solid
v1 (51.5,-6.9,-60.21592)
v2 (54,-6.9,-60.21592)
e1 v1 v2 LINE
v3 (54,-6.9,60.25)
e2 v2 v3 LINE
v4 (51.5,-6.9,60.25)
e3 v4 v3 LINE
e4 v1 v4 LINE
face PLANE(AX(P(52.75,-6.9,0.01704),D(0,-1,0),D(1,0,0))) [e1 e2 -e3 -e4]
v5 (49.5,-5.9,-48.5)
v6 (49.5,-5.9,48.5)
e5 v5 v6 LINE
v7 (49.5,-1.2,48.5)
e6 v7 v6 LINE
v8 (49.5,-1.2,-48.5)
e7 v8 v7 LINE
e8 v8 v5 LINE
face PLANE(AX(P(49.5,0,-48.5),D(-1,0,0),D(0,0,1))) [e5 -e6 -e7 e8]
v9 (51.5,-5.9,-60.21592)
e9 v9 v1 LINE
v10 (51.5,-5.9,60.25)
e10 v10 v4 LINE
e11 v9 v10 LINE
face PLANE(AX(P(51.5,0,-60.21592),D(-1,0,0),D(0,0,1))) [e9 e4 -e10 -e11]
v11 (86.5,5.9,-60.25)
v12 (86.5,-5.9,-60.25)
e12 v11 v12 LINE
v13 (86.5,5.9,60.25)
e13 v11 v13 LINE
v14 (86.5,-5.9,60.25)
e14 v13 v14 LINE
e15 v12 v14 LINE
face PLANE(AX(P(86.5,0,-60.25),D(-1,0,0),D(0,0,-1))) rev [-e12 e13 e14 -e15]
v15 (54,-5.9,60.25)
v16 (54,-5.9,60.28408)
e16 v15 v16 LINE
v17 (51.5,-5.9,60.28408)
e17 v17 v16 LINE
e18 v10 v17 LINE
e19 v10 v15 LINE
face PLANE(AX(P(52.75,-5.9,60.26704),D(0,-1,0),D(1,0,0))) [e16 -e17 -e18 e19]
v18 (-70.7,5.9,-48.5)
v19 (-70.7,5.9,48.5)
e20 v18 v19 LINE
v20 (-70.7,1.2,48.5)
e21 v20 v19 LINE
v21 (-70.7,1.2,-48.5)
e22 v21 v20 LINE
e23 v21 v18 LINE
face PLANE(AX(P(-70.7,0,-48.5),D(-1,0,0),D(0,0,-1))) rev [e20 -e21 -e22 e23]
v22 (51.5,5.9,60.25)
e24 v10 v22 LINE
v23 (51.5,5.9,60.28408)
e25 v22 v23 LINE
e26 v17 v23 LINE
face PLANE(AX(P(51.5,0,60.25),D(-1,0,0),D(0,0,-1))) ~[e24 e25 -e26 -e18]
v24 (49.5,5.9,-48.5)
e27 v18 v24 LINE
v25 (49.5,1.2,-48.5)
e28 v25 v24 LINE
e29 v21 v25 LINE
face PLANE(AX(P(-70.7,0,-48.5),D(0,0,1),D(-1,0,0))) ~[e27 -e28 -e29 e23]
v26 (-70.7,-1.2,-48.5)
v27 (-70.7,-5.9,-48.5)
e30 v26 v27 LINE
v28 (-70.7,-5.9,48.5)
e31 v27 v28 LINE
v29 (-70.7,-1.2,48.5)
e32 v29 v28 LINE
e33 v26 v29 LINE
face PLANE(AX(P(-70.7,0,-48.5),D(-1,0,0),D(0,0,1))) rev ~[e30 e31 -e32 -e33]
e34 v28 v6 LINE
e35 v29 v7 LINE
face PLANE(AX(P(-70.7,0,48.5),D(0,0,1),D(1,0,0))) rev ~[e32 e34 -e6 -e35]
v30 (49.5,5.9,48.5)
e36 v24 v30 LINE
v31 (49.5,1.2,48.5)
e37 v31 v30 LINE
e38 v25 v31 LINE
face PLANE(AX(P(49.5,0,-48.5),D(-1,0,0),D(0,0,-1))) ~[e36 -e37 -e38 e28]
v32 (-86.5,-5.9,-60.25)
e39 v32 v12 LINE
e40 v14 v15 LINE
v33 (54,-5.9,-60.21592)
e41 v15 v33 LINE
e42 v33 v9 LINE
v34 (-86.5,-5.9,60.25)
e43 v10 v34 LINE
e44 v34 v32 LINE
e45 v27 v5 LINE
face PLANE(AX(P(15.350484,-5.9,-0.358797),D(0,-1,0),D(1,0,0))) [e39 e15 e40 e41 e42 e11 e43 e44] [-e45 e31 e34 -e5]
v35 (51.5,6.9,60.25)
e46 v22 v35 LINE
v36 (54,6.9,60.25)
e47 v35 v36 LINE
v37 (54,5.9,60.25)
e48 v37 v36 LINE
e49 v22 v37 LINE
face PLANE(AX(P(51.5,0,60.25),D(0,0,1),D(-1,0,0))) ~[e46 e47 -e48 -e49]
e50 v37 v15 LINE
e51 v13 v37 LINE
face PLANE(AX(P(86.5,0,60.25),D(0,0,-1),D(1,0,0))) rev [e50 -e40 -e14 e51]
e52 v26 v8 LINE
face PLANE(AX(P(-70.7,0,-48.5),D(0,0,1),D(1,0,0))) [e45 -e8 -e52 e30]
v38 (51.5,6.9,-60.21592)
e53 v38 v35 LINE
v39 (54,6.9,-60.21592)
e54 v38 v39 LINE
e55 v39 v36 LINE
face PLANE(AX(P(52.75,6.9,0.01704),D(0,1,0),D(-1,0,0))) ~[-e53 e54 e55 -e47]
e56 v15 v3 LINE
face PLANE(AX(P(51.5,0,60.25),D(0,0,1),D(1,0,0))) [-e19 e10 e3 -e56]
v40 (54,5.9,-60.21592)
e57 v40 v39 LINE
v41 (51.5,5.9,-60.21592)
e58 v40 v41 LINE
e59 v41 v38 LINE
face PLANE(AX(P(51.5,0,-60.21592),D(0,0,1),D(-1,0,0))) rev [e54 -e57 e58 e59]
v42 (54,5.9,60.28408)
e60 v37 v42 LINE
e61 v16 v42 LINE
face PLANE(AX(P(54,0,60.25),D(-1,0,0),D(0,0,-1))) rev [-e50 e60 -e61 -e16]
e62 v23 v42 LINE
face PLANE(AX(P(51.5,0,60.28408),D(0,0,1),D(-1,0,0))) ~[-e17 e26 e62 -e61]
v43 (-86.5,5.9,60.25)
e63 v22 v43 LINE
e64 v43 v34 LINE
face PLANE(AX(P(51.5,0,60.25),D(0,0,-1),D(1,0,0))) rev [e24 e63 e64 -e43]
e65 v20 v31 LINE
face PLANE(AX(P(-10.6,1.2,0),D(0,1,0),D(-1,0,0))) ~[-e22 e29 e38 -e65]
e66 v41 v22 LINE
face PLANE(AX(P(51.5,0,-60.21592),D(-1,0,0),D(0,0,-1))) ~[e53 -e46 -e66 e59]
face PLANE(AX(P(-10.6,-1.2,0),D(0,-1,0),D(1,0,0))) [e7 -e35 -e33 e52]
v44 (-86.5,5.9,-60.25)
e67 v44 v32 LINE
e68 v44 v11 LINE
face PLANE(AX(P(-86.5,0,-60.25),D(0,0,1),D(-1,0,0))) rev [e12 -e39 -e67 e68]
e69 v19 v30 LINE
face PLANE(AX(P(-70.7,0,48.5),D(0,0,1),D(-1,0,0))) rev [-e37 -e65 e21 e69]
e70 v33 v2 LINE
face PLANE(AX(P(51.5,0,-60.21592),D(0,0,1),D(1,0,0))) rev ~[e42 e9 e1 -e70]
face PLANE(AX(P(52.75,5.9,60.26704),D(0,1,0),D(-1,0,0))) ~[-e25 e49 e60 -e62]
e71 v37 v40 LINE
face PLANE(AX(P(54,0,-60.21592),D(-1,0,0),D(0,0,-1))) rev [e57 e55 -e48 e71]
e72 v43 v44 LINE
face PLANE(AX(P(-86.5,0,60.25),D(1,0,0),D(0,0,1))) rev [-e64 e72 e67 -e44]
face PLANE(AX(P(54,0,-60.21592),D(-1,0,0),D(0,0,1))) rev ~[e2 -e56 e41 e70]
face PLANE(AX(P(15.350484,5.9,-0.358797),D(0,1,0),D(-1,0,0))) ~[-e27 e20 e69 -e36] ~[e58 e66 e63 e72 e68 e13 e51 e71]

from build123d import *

# Parameters (mm, degrees)
F0_W     = 120.2
F0_H     = 97
F0_W_2   = 2.5
F0_H_2   = 0.03408
F1_DEPTH = 5.9
F0_H_3   = 120.46592
F2_DEPTH = 6.9
F3_DEPTH = 1.2


with BuildPart() as f1:
    # F0 (on Front) → F1 (new body)
    with BuildSketch(Plane.XZ):
        Polygon((51.5, 60.25), (-86.5, 60.25), (-86.5, -60.25), (86.5, -60.25), (86.5, 60.25), (54, 60.25), (54, -60.21592), (51.5, -60.21592), align=None)
        with Locations((-10.6, 0)):
            Rectangle(F0_W, F0_H, mode=Mode.SUBTRACT)
        with Locations((52.75, 60.26704)):
            Rectangle(F0_W_2, F0_H_2)
    extrude(amount=F1_DEPTH)

    # F0 (on Front) → F2 (join)
    with BuildSketch(Plane.XZ):
        with Locations((52.75, 0.01704)):
            Rectangle(F0_W_2, F0_H_3)
    extrude(amount=F2_DEPTH)

    # F0 (on Front) → F3 (join)
    with BuildSketch(Plane.XZ):
        with Locations((-10.6, 0)):
            Rectangle(F0_W, F0_H)
    extrude(amount=F3_DEPTH)

    # F4: F1 across face


with BuildPart() as f1_1:
    add(f1.part)
    add(f1.part.mirror(Plane(origin=(0.000216, 0, 0.000246), x_dir=(1, 0, 0), z_dir=(0, 1, 0))))


solid = f1_1.part
